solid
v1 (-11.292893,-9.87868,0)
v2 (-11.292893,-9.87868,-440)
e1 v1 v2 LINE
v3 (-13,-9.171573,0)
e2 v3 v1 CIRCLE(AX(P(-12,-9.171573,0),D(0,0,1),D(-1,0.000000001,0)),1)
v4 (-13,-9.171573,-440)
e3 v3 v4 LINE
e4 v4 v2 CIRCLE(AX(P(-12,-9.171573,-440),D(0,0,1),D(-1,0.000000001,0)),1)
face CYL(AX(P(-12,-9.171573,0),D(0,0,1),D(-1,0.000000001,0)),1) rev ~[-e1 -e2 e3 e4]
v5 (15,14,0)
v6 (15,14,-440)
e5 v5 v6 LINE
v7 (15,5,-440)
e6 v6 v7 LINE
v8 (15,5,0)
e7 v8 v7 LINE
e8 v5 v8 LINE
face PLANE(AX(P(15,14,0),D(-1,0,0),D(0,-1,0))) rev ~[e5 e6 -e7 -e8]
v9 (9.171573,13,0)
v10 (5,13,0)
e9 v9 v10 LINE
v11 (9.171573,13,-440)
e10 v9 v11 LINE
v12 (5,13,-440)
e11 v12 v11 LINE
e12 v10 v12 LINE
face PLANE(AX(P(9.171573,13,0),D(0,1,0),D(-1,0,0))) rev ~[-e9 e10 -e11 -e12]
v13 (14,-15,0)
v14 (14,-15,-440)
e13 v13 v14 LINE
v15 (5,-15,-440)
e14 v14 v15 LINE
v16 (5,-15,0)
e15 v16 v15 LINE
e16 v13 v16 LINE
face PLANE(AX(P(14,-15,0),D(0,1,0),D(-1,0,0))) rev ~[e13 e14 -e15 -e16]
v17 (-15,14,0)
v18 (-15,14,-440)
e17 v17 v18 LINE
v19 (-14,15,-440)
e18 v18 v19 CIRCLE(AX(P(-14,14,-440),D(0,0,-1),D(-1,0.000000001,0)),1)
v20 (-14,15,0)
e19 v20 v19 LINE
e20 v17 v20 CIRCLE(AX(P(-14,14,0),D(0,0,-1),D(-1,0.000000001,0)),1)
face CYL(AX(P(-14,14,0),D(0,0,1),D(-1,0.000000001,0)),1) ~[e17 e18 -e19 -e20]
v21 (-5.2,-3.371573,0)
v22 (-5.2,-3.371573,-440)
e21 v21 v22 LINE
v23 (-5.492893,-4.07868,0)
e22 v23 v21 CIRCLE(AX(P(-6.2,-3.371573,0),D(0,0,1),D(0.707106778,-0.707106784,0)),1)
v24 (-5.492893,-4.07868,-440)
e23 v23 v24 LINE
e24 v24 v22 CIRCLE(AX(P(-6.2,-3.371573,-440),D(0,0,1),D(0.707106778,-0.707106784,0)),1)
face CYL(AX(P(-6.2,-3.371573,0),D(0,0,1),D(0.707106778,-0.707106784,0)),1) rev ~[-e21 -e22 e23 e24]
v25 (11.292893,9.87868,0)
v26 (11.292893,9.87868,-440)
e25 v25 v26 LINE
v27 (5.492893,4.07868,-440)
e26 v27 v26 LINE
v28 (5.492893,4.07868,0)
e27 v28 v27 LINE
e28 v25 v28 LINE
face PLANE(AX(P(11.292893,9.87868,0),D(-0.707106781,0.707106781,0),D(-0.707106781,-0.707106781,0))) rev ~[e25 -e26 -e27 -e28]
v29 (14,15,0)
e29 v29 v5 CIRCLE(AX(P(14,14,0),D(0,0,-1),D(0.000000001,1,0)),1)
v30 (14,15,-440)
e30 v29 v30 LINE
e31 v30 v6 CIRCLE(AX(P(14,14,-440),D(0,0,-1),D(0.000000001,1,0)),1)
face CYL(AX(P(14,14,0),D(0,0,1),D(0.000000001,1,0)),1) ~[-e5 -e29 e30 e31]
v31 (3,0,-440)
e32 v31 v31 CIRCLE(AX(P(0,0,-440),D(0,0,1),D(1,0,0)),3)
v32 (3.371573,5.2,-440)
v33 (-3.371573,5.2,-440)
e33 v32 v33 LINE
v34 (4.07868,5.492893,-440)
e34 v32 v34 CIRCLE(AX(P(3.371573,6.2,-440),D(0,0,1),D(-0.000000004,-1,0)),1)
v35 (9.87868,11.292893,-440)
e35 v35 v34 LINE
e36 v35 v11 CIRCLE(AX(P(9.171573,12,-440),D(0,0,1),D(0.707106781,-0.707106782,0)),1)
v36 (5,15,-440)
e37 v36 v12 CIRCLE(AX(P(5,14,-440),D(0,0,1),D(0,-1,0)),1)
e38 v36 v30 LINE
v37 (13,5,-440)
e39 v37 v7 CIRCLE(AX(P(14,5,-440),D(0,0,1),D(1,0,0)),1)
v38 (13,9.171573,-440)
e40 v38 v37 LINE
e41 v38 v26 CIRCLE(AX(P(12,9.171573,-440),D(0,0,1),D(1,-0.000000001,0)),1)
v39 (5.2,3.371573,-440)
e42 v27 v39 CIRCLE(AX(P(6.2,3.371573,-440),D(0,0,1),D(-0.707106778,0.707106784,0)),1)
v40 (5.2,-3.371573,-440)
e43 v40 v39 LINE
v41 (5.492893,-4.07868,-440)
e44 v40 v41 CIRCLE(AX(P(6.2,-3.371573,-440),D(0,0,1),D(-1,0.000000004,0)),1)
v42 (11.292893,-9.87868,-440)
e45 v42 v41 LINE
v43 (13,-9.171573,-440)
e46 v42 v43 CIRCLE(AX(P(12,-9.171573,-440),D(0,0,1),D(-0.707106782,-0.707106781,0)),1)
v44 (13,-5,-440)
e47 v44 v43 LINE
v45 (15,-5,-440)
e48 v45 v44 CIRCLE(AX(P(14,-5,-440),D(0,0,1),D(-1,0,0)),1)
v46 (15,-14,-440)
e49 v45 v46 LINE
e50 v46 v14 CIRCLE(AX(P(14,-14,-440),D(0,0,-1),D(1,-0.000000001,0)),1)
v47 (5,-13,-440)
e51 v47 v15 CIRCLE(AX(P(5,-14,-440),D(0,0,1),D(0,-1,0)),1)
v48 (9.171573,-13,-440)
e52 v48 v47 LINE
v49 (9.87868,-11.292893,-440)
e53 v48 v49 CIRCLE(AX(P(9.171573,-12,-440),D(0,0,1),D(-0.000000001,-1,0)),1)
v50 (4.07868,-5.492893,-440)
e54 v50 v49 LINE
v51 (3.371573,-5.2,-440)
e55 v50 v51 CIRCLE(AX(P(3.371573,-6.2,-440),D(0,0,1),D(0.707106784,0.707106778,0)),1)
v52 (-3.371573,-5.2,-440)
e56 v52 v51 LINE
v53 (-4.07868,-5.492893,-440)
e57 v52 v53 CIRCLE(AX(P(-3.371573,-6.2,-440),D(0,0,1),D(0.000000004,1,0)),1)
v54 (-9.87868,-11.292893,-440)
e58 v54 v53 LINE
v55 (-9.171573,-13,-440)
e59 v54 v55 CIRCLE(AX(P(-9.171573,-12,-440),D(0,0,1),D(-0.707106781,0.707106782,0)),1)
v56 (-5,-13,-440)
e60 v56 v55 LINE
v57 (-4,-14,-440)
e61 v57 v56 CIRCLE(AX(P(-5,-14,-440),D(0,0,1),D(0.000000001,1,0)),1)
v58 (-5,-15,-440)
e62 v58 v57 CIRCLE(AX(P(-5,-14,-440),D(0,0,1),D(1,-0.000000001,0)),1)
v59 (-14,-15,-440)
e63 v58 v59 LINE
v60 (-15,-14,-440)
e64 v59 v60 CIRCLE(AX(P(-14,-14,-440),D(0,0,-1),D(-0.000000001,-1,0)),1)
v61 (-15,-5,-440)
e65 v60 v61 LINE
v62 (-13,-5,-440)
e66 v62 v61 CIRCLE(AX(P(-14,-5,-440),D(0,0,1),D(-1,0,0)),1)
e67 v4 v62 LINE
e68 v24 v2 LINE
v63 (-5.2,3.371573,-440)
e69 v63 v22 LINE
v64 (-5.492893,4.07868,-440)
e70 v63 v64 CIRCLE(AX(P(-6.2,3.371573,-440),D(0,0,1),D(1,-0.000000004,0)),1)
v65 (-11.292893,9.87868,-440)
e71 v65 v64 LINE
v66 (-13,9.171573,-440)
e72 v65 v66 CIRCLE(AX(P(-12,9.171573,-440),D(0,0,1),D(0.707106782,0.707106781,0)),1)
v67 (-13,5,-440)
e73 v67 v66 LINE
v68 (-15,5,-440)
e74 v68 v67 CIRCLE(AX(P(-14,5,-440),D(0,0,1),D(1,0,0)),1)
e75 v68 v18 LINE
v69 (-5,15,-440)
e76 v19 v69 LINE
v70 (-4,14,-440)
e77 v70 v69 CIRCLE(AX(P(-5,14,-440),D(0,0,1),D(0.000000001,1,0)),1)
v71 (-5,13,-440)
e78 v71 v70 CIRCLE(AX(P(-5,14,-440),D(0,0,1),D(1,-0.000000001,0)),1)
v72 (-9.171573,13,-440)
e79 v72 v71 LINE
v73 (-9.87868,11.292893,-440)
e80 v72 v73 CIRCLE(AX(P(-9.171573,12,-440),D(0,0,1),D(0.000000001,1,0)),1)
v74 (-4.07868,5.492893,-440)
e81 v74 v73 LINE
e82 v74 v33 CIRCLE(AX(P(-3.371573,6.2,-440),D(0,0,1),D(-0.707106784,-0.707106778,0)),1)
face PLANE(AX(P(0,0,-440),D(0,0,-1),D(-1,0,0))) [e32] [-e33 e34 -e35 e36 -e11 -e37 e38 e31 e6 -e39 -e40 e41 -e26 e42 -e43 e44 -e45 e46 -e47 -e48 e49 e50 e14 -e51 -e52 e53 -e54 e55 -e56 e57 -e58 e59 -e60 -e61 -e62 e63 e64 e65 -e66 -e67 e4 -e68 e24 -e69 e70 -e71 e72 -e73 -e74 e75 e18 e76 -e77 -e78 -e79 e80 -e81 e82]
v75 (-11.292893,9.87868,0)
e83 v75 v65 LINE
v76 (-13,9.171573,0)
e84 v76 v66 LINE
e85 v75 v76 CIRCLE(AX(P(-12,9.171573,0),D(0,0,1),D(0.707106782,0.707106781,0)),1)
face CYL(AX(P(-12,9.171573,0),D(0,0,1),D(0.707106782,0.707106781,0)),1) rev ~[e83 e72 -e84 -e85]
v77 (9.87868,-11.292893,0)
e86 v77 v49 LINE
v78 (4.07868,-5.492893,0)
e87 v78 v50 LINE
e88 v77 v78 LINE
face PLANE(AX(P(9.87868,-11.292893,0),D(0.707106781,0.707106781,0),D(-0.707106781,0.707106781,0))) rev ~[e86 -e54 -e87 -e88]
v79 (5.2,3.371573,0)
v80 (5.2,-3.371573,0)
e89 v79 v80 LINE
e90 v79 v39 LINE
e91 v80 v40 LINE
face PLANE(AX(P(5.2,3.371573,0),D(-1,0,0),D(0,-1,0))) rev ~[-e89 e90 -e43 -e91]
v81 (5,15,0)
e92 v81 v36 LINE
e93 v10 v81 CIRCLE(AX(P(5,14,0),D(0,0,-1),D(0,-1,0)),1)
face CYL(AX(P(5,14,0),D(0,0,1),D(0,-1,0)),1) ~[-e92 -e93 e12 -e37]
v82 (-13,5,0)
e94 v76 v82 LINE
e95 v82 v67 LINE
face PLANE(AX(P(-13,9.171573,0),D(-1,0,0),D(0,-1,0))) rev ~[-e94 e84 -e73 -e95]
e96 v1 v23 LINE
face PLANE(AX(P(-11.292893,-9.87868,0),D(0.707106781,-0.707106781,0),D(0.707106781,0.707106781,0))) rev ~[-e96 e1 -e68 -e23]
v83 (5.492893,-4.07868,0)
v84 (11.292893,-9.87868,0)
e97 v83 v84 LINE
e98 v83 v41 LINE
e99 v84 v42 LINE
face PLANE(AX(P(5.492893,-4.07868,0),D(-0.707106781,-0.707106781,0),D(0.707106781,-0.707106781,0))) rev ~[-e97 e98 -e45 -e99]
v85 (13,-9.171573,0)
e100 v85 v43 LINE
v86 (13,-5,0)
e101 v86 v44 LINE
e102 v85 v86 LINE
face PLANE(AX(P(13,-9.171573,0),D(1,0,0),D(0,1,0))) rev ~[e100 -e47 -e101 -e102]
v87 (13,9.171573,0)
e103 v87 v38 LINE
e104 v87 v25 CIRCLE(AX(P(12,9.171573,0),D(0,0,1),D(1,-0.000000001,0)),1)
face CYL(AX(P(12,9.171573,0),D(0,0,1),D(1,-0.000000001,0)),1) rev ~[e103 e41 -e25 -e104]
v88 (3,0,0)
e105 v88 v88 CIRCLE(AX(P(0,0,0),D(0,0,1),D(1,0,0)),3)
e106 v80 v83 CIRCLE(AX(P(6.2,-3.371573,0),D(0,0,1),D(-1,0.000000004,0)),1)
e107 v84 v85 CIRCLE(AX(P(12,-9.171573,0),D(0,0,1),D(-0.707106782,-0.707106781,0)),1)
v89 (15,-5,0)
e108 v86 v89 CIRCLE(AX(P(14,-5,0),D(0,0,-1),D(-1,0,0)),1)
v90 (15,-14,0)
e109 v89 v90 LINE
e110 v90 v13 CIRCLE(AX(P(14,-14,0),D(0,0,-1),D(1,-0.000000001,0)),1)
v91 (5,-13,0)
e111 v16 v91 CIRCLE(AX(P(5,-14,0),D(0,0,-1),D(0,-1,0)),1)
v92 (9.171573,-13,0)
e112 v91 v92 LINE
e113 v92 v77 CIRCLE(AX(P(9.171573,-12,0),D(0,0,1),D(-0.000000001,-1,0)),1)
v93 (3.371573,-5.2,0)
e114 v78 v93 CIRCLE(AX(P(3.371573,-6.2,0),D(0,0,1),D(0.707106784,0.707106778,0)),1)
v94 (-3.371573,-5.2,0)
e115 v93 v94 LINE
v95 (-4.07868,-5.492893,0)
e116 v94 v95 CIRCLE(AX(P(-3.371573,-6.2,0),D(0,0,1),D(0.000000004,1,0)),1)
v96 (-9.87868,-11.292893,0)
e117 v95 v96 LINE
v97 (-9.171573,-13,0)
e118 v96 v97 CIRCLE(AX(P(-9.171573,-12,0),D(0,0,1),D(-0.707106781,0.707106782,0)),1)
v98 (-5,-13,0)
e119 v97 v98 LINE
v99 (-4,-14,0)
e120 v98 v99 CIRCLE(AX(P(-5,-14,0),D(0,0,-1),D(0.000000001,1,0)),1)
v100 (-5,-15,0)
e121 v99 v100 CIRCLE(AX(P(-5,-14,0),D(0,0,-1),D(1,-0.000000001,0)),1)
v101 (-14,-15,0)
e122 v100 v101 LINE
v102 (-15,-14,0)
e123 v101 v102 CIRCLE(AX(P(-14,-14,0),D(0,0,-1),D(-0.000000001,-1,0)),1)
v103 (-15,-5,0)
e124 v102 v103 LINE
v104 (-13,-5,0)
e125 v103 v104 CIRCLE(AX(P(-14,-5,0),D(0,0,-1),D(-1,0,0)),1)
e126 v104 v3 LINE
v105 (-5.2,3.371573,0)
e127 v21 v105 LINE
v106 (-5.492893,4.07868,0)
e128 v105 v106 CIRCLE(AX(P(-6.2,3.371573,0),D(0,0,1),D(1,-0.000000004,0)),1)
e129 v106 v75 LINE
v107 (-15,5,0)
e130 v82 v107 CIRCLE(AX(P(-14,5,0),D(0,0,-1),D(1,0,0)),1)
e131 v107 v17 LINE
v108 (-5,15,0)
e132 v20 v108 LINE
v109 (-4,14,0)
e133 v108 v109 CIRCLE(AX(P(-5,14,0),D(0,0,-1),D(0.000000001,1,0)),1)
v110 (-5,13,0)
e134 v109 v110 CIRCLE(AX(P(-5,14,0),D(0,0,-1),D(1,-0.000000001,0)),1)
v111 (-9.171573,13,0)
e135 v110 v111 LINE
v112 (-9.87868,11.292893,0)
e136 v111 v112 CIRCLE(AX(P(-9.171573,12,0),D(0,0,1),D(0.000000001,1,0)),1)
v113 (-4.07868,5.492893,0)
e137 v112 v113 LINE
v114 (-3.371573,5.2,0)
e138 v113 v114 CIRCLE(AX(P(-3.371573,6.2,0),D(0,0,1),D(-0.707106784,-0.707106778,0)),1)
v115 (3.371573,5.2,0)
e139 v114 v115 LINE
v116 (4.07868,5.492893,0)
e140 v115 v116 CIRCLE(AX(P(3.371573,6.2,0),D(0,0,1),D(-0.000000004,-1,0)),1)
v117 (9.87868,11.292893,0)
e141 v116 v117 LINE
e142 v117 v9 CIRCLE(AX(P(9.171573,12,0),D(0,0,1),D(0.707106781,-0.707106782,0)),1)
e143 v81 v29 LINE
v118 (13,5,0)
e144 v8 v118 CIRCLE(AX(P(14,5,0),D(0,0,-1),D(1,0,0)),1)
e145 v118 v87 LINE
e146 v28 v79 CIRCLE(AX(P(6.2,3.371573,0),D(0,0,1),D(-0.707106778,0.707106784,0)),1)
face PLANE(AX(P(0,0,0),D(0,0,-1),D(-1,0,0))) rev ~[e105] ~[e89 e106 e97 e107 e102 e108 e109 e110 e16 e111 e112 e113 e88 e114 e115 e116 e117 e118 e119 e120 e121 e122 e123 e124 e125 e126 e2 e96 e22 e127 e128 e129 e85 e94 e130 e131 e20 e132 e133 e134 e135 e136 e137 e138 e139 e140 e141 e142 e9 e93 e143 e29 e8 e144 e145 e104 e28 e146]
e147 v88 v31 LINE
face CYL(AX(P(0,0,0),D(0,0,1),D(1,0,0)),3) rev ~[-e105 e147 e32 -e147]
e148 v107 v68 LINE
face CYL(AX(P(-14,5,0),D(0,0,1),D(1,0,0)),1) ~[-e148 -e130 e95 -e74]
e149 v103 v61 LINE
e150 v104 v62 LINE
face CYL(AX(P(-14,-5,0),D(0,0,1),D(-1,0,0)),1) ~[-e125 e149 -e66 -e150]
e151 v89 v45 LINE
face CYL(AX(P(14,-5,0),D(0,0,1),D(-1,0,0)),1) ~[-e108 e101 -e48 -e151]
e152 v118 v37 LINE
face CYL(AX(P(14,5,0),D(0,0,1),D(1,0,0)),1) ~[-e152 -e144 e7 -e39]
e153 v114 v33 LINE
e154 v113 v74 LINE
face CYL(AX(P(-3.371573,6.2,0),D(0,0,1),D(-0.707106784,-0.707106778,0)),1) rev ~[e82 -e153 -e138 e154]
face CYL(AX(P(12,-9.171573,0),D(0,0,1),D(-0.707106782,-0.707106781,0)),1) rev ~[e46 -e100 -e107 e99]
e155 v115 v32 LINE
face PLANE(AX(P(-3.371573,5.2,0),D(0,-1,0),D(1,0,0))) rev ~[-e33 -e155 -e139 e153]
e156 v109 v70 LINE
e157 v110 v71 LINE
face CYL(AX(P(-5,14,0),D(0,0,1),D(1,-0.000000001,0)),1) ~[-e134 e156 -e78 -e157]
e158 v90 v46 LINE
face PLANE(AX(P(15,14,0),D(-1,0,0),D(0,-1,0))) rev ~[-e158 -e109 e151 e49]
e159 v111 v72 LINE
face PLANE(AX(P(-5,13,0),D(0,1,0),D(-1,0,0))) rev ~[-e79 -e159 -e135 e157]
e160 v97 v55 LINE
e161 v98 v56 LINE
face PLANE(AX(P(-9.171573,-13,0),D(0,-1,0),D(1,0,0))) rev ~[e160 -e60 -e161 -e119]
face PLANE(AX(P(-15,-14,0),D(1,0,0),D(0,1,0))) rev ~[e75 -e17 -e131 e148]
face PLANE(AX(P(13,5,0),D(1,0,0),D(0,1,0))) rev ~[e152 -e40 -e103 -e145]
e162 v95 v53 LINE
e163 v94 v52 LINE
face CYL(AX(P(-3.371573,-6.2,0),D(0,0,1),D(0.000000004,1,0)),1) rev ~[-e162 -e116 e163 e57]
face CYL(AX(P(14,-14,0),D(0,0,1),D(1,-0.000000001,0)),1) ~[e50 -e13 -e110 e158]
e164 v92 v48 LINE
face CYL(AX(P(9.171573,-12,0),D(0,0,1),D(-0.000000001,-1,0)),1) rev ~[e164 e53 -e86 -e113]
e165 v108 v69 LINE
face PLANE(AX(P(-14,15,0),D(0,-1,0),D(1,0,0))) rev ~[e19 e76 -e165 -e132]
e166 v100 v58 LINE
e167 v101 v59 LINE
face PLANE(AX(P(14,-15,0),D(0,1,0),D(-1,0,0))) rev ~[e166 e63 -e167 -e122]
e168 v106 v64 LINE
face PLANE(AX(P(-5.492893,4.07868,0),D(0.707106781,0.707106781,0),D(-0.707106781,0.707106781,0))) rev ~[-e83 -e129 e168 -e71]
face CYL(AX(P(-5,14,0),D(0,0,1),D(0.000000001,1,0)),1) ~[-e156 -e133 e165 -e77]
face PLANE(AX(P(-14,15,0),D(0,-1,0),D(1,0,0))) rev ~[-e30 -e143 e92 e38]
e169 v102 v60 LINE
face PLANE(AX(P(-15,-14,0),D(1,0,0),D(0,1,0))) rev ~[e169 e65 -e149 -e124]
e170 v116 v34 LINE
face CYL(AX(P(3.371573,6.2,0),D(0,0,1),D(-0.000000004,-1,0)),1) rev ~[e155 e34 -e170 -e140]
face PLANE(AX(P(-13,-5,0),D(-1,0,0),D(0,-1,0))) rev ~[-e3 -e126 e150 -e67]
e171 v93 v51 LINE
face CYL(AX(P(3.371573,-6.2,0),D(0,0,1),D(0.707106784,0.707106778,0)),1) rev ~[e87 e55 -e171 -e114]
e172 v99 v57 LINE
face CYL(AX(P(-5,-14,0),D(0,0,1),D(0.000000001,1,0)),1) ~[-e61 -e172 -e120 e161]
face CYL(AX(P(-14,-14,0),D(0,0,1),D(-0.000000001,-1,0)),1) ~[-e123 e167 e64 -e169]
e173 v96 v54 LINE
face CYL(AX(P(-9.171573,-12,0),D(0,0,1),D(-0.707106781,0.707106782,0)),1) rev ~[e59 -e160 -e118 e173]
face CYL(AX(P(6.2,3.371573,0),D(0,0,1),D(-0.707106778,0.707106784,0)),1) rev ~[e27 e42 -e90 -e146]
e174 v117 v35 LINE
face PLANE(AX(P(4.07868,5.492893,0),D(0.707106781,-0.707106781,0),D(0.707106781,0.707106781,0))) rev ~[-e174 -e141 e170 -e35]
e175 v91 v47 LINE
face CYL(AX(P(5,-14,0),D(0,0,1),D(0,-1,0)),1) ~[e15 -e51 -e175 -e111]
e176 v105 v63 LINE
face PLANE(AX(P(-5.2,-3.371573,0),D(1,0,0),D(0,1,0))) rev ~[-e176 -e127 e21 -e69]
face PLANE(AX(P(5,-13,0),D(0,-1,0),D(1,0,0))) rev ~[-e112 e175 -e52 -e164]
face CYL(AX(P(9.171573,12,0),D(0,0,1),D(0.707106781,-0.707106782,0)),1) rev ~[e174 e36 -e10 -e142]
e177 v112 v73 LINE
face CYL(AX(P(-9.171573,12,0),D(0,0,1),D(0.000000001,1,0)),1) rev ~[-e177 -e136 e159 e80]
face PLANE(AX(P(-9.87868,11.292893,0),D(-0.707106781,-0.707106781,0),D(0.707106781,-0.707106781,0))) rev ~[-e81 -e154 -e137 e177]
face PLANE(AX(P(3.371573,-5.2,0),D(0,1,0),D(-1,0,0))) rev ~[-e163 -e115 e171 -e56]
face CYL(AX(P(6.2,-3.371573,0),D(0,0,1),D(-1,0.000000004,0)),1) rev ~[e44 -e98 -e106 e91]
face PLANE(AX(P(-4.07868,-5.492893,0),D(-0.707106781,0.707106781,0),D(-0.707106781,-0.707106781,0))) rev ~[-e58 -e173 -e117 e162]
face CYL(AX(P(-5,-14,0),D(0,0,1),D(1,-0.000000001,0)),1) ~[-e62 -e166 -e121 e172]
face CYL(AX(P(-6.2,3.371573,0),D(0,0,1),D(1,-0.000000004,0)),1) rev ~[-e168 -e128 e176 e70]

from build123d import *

# Parameters (mm, degrees)
SALIENTE_EXTRUIR1_DEPTH = 440
CROQUIS2_R              = 3
CORTAR_EXTRUIR1_DEPTH   = 441.51106683
CORTAR_EXTRUIR3_DEPTH   = 441.51106683


with BuildPart() as part:
    # Croquis1 → Saliente-Extruir1 (new body)
    with BuildSketch(Plane.XY):
        with BuildLine():
            Line((-14, 15), (14, 15))
            ThreePointArc((14, 15), (14.707106781, 14.707106781), (15, 14))
            Line((15, 14), (15, -14))
            ThreePointArc((15, -14), (14.707106781, -14.707106781), (14, -15))
            Line((14, -15), (-14, -15))
            ThreePointArc((-14, -15), (-14.707106781, -14.707106781), (-15, -14))
            Line((-15, -14), (-15, 14))
            ThreePointArc((-15, 14), (-14.707106781, 14.707106781), (-14, 15))
        make_face()
    extrude(amount=-SALIENTE_EXTRUIR1_DEPTH)

    # Croquis2 → Cortar-Extruir1 (cut, through all)
    with BuildSketch(Plane.XY):
        Circle(CROQUIS2_R)
    extrude(amount=-CORTAR_EXTRUIR1_DEPTH, mode=Mode.SUBTRACT)

    # Croquis3 → Cortar-Extruir3 (cut, through all)
    with BuildSketch(Plane.XY):
        with BuildLine():
            Line((-5.492893219, 4.078679656), (-11.292893219, 9.878679656))
            ThreePointArc((-11.292893219, 9.878679656), (-12.382683432, 10.095452408), (-13, 9.171572875))
            Line((-13, 9.171572875), (-13, 5))
            ThreePointArc((-13, 5), (-14, 4), (-15, 5))
            Line((-15, 5), (-15, -5))
            ThreePointArc((-15, -5), (-14, -4), (-13, -5))
            Line((-13, -5), (-13, -9.171572875))
            ThreePointArc((-13, -9.171572875), (-12.382683432, -10.095452408), (-11.292893219, -9.878679656))
            Line((-11.292893219, -9.878679656), (-5.492893219, -4.078679656))
            ThreePointArc((-5.492893219, -4.078679656), (-5.276120467, -3.754256308), (-5.2, -3.371572875))
            Line((-5.2, -3.371572875), (-5.2, 3.371572875))
            ThreePointArc((-5.2, 3.371572875), (-5.276120467, 3.754256308), (-5.492893219, 4.078679656))
        make_face()
        with BuildLine():
            ThreePointArc((-9.171572875, 13), (-10.095452408, 12.382683432), (-9.878679656, 11.292893219))
            Line((-9.878679656, 11.292893219), (-4.078679656, 5.492893219))
            ThreePointArc((-4.078679656, 5.492893219), (-3.754256308, 5.276120467), (-3.371572875, 5.2))
            Line((-3.371572875, 5.2), (3.371572875, 5.2))
            ThreePointArc((3.371572875, 5.2), (3.754256308, 5.276120467), (4.078679656, 5.492893219))
            Line((4.078679656, 5.492893219), (9.878679656, 11.292893219))
            ThreePointArc((9.878679656, 11.292893219), (10.095452408, 12.382683432), (9.171572875, 13))
            Line((9.171572875, 13), (5, 13))
            ThreePointArc((5, 13), (4, 14), (5, 15))
            Line((5, 15), (-5, 15))
            ThreePointArc((-5, 15), (-4.292893219, 14.707106781), (-4, 14))
            ThreePointArc((-4, 14), (-4.292893219, 13.292893219), (-5, 13))
            Line((-5, 13), (-9.171572875, 13))
        make_face()
        with BuildLine():
            Line((9.878679656, -11.292893219), (4.078679656, -5.492893219))
            ThreePointArc((4.078679656, -5.492893219), (3.754256308, -5.276120467), (3.371572875, -5.2))
            Line((3.371572875, -5.2), (-3.371572875, -5.2))
            ThreePointArc((-3.371572875, -5.2), (-3.754256308, -5.276120467), (-4.078679656, -5.492893219))
            Line((-4.078679656, -5.492893219), (-9.878679656, -11.292893219))
            ThreePointArc((-9.878679656, -11.292893219), (-10.095452408, -12.382683432), (-9.171572875, -13))
            Line((-9.171572875, -13), (-5, -13))
            ThreePointArc((-5, -13), (-4.292893219, -13.292893219), (-4, -14))
            ThreePointArc((-4, -14), (-4.292893219, -14.707106781), (-5, -15))
            Line((-5, -15), (5, -15))
            ThreePointArc((5, -15), (4, -14), (5, -13))
            Line((5, -13), (9.171572875, -13))
            ThreePointArc((9.171572875, -13), (10.095452408, -12.382683432), (9.878679656, -11.292893219))
        make_face()
        with BuildLine():
            ThreePointArc((13, 9.171572875), (12.382683432, 10.095452408), (11.292893219, 9.878679656))
            Line((11.292893219, 9.878679656), (5.492893219, 4.078679656))
            ThreePointArc((5.492893219, 4.078679656), (5.276120467, 3.754256308), (5.2, 3.371572875))
            Line((5.2, 3.371572875), (5.2, -3.371572875))
            ThreePointArc((5.2, -3.371572875), (5.276120467, -3.754256308), (5.492893219, -4.078679656))
            Line((5.492893219, -4.078679656), (11.292893219, -9.878679656))
            ThreePointArc((11.292893219, -9.878679656), (12.382683432, -10.095452408), (13, -9.171572875))
            Line((13, -9.171572875), (13, -5))
            ThreePointArc((13, -5), (14, -4), (15, -5))
            Line((15, -5), (15, 5))
            ThreePointArc((15, 5), (14, 4), (13, 5))
            Line((13, 5), (13, 9.171572875))
        make_face()
    extrude(amount=-CORTAR_EXTRUIR3_DEPTH, mode=Mode.SUBTRACT)


solid = part.part
